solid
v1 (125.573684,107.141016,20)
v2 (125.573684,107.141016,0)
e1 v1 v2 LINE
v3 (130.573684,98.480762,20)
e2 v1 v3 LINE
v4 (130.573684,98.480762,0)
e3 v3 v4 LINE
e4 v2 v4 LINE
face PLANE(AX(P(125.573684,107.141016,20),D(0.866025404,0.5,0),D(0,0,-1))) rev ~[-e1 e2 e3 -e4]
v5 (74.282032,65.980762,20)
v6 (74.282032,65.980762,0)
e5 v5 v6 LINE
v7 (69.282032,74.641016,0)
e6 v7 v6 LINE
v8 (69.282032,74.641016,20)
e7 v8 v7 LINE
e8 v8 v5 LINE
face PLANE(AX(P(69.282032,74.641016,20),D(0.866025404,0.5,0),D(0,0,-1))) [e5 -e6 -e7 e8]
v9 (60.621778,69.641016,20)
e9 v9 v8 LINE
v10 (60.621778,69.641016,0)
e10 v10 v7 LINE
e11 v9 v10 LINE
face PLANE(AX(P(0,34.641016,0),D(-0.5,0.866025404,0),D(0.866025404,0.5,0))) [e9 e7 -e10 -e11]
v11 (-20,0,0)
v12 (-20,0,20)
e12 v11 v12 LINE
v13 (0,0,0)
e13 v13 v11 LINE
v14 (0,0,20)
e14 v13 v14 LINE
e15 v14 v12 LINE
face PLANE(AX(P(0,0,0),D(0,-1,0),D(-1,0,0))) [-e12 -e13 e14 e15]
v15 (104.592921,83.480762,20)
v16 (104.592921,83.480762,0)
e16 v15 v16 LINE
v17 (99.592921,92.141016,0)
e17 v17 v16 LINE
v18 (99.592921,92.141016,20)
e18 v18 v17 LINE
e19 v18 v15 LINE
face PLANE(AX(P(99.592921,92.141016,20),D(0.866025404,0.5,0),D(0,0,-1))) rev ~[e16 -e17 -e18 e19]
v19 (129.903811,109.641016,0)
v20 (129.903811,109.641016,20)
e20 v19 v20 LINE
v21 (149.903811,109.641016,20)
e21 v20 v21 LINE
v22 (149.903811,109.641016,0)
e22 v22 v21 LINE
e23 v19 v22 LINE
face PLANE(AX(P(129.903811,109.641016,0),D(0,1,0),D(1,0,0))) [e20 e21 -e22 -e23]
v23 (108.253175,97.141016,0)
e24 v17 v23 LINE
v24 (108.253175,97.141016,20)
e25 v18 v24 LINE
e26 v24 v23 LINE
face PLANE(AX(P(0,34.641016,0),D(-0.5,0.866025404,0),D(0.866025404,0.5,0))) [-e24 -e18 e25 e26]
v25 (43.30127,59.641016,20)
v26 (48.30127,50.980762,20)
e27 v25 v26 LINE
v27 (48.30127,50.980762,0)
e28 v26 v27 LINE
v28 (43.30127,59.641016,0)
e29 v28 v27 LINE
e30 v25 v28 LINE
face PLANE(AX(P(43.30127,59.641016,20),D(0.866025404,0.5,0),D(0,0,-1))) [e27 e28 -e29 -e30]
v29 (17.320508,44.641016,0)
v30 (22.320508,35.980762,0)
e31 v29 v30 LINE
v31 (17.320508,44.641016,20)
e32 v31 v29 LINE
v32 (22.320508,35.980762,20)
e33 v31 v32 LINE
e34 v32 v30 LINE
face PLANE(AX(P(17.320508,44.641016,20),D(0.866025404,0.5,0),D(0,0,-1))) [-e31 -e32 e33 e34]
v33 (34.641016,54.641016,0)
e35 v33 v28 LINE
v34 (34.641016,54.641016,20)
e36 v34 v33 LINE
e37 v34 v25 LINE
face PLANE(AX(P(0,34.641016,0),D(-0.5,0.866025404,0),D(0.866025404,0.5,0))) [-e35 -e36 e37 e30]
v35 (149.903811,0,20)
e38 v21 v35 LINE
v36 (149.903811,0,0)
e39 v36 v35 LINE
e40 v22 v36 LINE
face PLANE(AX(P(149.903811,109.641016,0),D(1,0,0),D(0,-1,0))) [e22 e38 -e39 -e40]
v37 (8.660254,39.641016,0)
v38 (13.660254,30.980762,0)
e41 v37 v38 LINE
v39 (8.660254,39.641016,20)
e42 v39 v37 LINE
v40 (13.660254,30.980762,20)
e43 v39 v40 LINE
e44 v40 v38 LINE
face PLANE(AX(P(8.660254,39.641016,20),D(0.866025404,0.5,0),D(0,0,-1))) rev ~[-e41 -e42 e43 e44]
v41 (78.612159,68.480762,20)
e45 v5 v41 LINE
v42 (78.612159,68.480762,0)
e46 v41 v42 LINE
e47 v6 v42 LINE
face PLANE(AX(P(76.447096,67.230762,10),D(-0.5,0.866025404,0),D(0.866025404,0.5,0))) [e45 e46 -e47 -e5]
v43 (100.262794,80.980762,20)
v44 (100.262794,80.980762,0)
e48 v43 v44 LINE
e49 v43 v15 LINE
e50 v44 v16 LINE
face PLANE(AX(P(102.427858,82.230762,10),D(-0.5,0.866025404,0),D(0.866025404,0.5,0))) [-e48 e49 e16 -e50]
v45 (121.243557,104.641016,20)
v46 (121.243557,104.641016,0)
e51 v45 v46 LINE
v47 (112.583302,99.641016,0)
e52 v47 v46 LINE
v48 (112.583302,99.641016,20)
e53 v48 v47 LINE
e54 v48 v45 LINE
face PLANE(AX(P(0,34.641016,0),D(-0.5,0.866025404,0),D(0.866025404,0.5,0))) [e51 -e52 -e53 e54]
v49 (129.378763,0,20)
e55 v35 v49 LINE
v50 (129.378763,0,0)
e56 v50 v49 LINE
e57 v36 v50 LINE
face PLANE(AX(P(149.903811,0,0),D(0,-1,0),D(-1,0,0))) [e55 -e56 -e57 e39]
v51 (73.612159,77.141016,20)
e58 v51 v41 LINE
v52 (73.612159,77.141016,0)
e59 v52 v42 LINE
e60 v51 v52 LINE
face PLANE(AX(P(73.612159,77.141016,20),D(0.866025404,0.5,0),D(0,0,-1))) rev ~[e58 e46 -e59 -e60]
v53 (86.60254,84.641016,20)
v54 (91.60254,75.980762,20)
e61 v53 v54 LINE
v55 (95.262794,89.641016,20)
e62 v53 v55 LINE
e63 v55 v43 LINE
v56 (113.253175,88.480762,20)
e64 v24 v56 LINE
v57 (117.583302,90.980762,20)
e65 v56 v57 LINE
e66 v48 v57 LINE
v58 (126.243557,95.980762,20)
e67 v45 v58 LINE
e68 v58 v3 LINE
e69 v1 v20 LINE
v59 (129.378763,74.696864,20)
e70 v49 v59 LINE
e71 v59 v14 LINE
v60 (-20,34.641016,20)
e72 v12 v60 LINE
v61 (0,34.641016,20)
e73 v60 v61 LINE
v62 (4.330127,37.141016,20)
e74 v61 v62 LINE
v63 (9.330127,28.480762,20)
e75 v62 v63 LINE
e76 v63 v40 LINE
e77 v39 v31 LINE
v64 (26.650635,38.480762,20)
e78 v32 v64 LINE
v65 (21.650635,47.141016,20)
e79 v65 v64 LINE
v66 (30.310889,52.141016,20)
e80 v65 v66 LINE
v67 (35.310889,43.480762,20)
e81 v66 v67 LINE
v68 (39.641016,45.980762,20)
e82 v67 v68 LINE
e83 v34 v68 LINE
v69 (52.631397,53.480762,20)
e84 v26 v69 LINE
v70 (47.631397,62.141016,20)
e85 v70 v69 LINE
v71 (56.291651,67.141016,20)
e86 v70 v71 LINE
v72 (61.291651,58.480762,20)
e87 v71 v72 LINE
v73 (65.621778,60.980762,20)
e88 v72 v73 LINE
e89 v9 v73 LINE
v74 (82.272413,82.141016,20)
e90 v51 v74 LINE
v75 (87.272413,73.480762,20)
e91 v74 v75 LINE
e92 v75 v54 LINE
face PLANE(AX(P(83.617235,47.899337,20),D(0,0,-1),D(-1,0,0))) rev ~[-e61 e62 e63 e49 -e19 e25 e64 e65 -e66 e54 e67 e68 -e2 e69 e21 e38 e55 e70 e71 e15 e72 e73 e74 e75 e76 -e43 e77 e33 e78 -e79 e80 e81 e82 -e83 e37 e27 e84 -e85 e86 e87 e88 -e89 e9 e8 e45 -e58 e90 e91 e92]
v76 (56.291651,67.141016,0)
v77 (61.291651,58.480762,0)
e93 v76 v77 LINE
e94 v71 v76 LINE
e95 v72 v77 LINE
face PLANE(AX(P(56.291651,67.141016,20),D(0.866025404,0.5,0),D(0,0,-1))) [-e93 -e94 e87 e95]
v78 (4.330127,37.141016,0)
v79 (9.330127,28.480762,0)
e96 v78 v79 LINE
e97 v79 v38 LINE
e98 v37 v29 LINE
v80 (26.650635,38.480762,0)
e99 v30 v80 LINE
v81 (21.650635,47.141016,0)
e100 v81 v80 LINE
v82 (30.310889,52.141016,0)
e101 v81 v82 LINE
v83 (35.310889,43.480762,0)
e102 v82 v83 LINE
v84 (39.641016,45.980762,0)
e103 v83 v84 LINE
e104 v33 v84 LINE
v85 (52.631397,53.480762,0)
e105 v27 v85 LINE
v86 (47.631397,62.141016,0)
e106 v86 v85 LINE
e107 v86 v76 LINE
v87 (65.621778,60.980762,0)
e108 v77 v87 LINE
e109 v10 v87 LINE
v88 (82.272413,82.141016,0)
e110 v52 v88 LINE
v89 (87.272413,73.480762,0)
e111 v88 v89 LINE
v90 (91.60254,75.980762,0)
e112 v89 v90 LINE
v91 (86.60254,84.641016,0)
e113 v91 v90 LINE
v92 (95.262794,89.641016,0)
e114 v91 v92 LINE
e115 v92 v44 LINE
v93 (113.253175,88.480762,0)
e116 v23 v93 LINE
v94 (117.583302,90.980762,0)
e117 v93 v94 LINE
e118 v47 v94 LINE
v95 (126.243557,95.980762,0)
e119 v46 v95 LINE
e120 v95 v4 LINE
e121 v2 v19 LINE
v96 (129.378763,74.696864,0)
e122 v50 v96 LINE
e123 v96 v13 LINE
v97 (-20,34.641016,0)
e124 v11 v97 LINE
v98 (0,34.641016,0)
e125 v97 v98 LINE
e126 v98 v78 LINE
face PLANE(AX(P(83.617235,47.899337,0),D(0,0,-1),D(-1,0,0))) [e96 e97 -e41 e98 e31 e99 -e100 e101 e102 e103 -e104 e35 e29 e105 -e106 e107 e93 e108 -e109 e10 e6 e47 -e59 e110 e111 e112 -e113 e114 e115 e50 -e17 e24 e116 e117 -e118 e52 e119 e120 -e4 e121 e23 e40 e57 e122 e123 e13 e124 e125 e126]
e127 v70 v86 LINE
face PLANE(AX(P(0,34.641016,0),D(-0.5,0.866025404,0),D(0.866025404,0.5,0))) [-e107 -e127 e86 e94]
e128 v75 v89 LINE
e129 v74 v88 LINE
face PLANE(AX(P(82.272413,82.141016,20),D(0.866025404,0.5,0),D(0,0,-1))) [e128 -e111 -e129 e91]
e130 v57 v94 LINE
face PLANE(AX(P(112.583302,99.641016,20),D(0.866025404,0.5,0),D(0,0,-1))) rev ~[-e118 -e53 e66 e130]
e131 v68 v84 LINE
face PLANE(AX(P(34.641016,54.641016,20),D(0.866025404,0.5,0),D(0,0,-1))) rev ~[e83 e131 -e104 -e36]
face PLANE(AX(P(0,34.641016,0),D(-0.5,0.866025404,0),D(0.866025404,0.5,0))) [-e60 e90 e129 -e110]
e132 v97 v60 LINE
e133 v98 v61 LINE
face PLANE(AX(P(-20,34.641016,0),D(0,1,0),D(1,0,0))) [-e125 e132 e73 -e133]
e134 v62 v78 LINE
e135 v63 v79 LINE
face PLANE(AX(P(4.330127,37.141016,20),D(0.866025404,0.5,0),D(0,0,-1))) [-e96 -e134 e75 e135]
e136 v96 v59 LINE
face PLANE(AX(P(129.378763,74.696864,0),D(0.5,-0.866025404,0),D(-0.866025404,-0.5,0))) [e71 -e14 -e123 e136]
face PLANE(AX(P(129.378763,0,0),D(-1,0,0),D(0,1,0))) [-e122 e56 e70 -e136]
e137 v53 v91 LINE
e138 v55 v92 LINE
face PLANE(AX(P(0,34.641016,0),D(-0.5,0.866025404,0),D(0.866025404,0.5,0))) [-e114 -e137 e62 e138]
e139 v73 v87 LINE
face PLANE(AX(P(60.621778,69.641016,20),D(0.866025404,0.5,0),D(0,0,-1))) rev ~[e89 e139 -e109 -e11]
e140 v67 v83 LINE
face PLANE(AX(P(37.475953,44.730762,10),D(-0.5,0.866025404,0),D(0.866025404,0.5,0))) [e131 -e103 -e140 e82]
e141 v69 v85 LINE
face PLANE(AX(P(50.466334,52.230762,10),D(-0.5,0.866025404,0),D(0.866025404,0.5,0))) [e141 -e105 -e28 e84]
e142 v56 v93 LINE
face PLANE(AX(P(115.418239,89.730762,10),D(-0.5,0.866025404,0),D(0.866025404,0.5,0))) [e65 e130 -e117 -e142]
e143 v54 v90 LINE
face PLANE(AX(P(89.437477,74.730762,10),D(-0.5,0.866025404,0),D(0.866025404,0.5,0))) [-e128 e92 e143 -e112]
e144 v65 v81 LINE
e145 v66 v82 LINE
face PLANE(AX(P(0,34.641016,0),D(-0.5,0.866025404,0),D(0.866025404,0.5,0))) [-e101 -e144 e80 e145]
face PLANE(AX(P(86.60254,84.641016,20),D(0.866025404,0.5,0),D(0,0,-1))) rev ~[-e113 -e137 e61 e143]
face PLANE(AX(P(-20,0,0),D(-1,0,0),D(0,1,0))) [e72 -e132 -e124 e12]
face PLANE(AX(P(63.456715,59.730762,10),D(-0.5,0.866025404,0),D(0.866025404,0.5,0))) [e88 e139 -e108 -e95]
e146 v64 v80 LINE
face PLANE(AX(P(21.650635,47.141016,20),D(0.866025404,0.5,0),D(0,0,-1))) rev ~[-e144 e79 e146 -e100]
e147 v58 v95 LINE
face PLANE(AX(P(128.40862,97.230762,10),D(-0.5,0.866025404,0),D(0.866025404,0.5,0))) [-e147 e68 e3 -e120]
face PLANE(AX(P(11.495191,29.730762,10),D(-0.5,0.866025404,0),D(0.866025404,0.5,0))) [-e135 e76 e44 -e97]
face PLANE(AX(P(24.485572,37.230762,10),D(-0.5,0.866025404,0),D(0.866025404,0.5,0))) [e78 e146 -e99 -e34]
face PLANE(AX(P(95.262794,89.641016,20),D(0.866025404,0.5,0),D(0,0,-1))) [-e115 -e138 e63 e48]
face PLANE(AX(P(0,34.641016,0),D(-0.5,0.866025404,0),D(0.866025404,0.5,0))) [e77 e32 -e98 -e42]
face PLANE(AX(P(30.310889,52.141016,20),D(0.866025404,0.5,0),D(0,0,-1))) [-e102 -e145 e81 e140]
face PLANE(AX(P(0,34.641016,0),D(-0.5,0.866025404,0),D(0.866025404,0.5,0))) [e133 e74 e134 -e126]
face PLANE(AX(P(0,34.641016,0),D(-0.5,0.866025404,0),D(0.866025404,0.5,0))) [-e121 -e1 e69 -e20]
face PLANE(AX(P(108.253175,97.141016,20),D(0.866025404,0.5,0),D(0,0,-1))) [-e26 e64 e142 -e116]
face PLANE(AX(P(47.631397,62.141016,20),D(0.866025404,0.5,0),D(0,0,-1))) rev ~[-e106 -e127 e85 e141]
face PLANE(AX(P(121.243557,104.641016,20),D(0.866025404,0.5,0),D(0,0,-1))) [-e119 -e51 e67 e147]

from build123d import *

# Parameters (mm, degrees)
BOSS_EXTRU_2_DEPTH      = 20
ESQUISSE4_W             = 5
ESQUISSE4_H             = 20
ENL_V_MAT_EXTRU_1_DEPTH = 10


with BuildPart() as part:
    # Esquisse2 → Boss.-Extru.2 (new body)
    with BuildSketch(Plane.XY):
        Polygon((0, 0), (-20, 0), (-20, 34.641016151), (0, 34.641016151), (129.903810568, 109.641016151), (149.903810568, 109.641016151), (149.903810568, 0), (129.37876344, 0), (129.37876344, 74.696863899), align=None)
    extrude(amount=BOSS_EXTRU_2_DEPTH)

    # Esquisse4 → Enlèv. mat.-Extru.1 (cut)
    with BuildSketch(Plane(origin=(-15, 25.980762114, 0), x_dir=(0.8660254037844379, 0.5000000000000013, 0), z_dir=(-0.5000000000000013, 0.8660254037844379, 0))):
        with Locations((24.820508076, -10)):
            Rectangle(ESQUISSE4_W, ESQUISSE4_H)
        with Locations((39.820508076, -10)):
            Rectangle(ESQUISSE4_W, ESQUISSE4_H)
        with Locations((54.820508076, -10)):
            Rectangle(ESQUISSE4_W, ESQUISSE4_H)
        with Locations((69.820508076, -10)):
            Rectangle(ESQUISSE4_W, ESQUISSE4_H)
        with Locations((84.820508076, -10)):
            Rectangle(ESQUISSE4_W, ESQUISSE4_H)
        with Locations((99.820508076, -10)):
            Rectangle(ESQUISSE4_W, ESQUISSE4_H)
        with Locations((114.820508076, -10)):
            Rectangle(ESQUISSE4_W, ESQUISSE4_H)
        with Locations((129.820508076, -10)):
            Rectangle(ESQUISSE4_W, ESQUISSE4_H)
        with Locations((144.820508076, -10)):
            Rectangle(ESQUISSE4_W, ESQUISSE4_H)
        with Locations((159.820508076, -10)):
            Rectangle(ESQUISSE4_W, ESQUISSE4_H)
    extrude(amount=-ENL_V_MAT_EXTRU_1_DEPTH, mode=Mode.SUBTRACT)


solid = part.part
